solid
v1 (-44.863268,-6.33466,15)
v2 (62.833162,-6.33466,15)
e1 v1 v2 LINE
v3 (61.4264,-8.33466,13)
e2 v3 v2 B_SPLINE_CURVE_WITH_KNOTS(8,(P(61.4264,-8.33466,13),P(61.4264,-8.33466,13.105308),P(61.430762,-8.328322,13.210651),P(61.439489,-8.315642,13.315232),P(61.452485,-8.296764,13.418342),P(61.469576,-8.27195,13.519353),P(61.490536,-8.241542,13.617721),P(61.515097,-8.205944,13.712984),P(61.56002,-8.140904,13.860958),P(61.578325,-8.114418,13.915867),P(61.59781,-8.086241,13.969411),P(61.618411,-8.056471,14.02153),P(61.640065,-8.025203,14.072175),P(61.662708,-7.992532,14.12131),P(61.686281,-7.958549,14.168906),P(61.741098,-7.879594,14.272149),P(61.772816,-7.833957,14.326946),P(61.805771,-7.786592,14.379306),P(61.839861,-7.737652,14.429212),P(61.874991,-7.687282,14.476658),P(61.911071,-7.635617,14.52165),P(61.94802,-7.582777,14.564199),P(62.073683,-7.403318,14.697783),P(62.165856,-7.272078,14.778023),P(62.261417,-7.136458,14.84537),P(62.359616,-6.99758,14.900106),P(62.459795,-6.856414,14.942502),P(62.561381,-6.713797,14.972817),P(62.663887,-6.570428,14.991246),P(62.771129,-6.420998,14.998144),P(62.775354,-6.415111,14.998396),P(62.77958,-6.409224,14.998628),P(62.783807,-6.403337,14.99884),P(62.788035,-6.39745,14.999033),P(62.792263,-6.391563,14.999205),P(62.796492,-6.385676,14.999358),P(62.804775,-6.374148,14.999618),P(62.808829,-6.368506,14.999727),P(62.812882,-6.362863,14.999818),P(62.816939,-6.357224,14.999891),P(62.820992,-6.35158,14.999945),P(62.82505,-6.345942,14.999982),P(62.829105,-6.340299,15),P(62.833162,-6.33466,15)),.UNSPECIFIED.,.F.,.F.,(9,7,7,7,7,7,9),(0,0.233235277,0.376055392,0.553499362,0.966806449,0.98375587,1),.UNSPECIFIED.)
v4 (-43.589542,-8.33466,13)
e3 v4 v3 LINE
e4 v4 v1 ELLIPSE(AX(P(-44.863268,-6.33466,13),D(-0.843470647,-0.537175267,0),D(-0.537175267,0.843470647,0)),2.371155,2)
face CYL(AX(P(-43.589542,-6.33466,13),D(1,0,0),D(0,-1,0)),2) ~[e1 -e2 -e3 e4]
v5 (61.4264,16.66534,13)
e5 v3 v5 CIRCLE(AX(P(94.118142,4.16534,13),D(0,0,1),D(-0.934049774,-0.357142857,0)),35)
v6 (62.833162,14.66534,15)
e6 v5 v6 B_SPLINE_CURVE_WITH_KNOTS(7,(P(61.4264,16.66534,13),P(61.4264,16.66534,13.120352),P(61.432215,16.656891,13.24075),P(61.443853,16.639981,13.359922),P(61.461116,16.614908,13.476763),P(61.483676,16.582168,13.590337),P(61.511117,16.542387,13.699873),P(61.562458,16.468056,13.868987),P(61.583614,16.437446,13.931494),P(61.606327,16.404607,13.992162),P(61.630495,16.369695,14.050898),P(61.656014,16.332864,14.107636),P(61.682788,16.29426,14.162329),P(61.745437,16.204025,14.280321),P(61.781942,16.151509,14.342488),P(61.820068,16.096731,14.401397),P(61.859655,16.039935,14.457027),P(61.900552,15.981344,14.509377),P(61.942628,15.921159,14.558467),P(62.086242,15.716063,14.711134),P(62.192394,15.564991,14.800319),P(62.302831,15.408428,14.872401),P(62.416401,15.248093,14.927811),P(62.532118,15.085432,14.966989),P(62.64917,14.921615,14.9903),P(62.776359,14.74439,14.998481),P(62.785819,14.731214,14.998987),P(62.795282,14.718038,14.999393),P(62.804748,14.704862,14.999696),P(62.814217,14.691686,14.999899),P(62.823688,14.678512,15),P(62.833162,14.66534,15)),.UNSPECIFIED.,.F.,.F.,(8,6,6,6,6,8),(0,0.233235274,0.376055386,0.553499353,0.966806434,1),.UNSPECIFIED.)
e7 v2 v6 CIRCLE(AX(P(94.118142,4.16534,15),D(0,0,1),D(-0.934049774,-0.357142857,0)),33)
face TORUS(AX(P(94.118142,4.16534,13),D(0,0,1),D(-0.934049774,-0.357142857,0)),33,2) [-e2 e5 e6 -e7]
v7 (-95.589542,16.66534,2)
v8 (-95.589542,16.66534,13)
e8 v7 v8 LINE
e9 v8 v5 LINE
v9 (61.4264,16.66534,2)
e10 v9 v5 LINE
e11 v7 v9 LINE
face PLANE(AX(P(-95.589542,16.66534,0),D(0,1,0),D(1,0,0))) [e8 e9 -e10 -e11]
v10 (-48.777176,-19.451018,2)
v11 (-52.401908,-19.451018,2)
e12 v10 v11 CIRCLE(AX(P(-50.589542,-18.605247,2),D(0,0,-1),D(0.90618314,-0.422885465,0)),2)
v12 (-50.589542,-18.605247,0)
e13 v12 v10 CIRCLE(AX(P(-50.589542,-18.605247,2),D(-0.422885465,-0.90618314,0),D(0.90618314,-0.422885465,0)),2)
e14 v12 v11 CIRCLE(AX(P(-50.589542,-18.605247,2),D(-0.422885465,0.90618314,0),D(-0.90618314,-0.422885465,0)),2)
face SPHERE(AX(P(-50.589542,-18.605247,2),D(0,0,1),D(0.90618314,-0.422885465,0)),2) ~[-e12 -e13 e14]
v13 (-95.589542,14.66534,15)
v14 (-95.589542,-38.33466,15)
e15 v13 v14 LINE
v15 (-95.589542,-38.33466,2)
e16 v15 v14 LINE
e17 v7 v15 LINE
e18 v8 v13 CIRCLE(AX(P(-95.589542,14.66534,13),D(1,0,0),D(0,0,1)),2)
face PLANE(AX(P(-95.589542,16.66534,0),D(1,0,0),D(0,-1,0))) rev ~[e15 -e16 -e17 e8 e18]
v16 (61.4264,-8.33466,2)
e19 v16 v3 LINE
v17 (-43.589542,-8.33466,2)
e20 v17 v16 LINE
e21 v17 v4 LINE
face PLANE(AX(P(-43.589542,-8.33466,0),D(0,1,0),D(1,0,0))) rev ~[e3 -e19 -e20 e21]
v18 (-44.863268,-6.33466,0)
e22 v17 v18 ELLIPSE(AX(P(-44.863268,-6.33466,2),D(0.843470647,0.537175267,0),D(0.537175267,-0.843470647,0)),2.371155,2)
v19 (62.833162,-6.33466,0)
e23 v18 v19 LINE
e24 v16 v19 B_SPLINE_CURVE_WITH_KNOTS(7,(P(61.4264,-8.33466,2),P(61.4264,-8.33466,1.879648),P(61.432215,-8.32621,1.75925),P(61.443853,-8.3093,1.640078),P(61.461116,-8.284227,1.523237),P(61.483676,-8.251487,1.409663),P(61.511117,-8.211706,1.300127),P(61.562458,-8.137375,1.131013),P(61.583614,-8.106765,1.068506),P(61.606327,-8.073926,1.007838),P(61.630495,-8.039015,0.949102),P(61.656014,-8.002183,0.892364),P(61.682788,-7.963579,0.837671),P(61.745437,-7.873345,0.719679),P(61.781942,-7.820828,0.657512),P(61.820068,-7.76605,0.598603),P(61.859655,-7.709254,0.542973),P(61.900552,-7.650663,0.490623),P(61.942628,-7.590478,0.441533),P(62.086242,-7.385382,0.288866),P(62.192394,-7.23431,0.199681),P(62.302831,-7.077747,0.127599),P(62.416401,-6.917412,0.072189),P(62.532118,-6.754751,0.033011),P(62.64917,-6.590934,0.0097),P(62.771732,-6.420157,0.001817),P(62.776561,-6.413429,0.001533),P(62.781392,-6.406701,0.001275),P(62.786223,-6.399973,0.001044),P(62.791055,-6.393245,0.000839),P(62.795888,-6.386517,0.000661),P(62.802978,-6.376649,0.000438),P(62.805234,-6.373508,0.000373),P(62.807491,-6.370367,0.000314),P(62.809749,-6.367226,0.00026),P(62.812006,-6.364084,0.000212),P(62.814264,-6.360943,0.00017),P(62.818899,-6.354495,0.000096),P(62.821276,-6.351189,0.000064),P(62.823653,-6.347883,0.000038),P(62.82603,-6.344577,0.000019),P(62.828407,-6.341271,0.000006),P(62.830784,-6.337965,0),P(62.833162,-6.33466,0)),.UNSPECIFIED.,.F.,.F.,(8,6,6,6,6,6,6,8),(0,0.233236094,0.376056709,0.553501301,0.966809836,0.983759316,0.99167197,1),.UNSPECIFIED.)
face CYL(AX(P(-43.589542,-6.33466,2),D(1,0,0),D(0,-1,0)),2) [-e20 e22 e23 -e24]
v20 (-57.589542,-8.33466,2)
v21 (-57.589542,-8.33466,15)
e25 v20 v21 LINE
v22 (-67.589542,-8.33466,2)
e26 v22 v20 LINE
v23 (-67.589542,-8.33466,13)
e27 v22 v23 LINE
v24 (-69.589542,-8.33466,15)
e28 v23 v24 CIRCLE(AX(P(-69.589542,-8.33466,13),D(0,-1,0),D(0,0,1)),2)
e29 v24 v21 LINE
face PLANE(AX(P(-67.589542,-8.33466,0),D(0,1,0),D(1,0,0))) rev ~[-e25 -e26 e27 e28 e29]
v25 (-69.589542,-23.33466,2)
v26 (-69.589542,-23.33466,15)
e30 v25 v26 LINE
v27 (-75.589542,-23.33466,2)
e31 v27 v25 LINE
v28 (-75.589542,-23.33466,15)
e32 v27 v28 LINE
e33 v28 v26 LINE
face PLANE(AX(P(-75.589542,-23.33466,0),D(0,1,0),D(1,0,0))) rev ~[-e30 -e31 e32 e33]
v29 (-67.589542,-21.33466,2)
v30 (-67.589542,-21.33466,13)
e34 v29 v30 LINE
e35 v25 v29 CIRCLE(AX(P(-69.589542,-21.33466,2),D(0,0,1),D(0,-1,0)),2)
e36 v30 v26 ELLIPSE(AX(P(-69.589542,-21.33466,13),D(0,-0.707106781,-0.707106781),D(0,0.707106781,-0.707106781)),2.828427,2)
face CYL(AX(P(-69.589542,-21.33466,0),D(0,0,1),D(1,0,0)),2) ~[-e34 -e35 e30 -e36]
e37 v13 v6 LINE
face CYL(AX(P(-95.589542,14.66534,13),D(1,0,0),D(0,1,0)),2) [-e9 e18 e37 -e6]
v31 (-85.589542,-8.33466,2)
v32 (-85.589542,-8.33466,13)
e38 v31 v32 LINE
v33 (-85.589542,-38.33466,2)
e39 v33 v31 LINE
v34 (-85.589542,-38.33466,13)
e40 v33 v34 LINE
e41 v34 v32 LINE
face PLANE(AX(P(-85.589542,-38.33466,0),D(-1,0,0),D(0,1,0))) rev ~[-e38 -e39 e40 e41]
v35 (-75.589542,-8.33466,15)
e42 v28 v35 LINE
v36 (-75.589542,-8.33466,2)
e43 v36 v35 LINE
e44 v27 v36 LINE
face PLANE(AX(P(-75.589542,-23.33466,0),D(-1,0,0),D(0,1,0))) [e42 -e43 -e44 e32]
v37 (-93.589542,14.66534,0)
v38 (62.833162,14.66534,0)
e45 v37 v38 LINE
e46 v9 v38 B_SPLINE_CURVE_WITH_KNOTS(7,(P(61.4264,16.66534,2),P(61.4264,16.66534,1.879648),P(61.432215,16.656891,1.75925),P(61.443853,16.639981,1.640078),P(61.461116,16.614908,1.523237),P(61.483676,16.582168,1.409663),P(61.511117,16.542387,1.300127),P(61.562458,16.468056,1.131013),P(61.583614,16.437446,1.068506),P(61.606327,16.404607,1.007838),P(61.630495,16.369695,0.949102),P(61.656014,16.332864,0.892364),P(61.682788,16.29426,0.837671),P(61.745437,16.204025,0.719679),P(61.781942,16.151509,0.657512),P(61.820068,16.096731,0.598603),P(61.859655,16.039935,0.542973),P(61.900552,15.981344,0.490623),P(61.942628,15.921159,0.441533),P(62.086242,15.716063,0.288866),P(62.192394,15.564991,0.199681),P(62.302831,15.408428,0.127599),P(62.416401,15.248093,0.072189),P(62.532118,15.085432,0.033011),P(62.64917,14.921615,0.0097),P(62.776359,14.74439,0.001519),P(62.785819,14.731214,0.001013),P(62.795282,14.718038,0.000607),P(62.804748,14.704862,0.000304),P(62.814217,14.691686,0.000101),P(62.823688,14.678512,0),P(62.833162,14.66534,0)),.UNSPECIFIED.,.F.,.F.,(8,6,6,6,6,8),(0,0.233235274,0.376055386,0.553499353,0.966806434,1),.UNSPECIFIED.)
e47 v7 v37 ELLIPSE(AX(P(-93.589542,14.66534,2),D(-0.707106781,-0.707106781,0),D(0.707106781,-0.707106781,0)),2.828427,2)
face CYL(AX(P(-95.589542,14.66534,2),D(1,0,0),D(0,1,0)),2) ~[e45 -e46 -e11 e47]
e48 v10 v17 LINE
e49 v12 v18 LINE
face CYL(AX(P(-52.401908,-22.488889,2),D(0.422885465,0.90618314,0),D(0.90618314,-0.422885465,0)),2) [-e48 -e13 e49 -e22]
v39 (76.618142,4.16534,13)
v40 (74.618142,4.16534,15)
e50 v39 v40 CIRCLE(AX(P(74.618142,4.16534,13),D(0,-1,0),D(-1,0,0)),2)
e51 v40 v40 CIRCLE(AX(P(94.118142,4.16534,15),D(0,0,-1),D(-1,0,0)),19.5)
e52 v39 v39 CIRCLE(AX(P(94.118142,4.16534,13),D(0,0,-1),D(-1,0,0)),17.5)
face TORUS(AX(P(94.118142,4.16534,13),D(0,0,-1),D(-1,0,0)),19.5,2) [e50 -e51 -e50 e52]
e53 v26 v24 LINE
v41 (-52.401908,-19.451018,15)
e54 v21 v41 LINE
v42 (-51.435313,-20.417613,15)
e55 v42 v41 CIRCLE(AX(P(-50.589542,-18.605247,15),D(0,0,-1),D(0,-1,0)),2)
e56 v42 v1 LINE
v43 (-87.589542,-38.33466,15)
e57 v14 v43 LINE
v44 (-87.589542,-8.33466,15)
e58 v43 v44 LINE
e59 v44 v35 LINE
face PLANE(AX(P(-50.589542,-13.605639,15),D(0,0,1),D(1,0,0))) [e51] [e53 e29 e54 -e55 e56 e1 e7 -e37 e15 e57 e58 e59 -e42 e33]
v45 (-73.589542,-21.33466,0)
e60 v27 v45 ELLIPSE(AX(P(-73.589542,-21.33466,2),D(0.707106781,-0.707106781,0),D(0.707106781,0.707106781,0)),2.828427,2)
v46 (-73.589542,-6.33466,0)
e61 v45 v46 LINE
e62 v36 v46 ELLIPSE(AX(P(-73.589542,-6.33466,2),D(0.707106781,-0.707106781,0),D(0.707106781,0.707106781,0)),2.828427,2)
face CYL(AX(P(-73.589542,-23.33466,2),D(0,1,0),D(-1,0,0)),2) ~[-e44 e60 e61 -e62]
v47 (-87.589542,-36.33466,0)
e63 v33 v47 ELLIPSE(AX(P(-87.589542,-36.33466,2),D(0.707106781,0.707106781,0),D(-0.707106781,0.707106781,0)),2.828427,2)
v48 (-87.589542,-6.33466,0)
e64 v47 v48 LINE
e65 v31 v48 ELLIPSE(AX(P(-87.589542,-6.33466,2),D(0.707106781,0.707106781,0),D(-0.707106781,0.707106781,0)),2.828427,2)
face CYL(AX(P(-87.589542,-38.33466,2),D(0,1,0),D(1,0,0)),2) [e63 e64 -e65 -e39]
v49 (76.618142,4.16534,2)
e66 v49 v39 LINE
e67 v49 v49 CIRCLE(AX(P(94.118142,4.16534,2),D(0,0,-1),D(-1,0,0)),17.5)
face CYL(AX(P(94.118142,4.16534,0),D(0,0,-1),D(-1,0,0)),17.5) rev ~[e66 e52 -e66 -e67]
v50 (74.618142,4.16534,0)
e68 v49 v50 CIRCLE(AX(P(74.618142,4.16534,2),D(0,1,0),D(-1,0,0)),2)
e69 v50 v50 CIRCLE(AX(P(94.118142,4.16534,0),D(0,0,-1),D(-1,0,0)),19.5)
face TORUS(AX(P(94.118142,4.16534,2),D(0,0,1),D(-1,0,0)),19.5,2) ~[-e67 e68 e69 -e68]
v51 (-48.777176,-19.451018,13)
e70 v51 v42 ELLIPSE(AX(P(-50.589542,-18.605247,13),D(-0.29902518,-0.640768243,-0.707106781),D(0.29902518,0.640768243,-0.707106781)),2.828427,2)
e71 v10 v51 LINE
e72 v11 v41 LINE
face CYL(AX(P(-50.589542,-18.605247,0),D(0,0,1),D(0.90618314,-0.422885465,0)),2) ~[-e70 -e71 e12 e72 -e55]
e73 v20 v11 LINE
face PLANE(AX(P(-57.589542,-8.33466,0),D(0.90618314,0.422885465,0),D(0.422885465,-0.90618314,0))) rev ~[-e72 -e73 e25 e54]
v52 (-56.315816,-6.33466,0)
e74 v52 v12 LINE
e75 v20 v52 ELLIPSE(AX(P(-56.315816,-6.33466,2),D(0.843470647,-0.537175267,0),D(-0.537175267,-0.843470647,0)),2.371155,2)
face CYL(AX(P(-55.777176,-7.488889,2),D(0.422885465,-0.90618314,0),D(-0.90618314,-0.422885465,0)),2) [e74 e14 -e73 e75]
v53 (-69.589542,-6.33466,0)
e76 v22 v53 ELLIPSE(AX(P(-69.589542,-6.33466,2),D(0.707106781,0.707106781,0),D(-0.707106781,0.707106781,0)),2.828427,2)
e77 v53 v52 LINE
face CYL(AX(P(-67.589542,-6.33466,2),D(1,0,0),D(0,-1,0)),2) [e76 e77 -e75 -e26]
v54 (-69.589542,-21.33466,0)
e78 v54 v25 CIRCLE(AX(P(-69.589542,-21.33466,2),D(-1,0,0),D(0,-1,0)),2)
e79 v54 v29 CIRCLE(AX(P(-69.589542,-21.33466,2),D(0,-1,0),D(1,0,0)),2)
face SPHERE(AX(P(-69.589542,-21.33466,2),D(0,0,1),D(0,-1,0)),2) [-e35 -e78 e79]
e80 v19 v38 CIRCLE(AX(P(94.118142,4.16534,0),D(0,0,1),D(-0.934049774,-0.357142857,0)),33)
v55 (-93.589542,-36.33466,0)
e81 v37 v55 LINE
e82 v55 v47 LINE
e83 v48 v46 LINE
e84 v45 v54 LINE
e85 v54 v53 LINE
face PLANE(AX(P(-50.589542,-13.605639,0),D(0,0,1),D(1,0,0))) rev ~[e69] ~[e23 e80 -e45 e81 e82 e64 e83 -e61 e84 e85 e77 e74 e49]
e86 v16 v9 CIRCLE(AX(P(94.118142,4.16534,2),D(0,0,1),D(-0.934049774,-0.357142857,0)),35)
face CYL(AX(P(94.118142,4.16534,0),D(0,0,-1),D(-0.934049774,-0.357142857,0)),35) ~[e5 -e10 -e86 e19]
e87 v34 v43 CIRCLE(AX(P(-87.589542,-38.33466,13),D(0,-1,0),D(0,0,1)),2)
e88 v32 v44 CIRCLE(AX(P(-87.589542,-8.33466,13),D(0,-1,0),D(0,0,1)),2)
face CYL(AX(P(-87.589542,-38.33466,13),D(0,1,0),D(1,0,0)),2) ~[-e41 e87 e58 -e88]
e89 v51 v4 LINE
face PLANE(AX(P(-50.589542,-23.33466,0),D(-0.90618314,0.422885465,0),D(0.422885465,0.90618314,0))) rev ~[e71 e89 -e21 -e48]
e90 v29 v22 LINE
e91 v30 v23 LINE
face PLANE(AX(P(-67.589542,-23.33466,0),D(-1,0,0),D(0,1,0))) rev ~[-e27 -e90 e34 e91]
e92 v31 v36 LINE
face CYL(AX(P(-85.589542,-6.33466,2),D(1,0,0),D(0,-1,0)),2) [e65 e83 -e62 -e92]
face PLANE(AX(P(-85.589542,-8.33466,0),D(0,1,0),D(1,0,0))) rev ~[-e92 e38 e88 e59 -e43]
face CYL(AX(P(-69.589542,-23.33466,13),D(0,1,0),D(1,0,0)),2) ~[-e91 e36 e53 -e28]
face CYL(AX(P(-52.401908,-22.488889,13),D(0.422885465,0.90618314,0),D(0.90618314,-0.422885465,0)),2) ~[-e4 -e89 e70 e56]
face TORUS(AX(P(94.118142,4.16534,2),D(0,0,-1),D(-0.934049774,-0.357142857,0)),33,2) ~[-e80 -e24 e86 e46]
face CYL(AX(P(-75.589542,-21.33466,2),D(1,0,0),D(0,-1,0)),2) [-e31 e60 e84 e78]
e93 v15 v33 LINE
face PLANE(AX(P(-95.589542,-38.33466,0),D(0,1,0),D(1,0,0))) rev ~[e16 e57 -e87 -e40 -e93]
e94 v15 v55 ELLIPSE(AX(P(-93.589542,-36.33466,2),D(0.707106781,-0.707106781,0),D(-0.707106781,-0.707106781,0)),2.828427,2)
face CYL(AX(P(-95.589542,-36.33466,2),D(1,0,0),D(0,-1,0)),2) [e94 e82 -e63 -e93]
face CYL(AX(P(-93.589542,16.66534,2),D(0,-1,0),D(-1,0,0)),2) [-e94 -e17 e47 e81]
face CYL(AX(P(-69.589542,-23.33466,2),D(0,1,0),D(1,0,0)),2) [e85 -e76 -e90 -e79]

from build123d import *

# Parameters (mm, degrees)
F0_W     = 10
F0_H     = 30
F0_W_2   = 8
F0_H_2   = 15
F0_W_3   = 157.0159420669
F0_H_3   = 12.5
F1_DEPTH = 15
F2_R     = 2


with BuildPart() as f1:
    # F0 (on Top) → F1 (new body)
    with BuildSketch(Plane.XY):
        Polygon((-50.5895421207, -23.3346595988), (-43.5895421207, -8.3346595988), (-57.5895421207, -8.3346595988), align=None)
        with Locations((-90.5895421207, -23.3346595988)):
            Rectangle(F0_W, F0_H)
        with Locations((-71.5895421207, -15.8346595988)):
            Rectangle(F0_W_2, F0_H_2)
        with Locations((-17.0815710872, 10.4153404012)):
            Rectangle(F0_W_3, F0_H_3)
        Polygon((61.4263999462, 4.1653404012), (-95.5895421207, 4.1653404012), (-95.5895421207, -8.3346595988), (-85.5895421207, -8.3346595988), (-75.5895421207, -8.3346595988), (-67.5895421207, -8.3346595988), (-57.5895421207, -8.3346595988), (-43.5895421207, -8.3346595988), (61.4263999462, -8.3346595988), align=None)
        with BuildLine():
            ThreePointArc((61.4263999462, -8.3346595988), (129.1181420228, 4.1653404012), (61.4263999462, 16.6653404012))
            Line((61.4263999462, 16.6653404012), (61.4263999462, 4.1653404012))
            Line((61.4263999462, 4.1653404012), (61.4263999462, -8.3346595988))
        make_face()
        with BuildLine():
            ThreePointArc((111.6181420228, 4.1653404012), (94.1181420228, -13.3346595988), (76.6181420228, 4.1653404012))
            ThreePointArc((76.6181420228, 4.1653404012), (94.1181420228, 21.6653404012), (111.6181420228, 4.1653404012))
        make_face(mode=Mode.SUBTRACT)
    extrude(amount=F1_DEPTH)

    # F2
    f2_edges = [f1.edges().sort_by_distance(p)[0] for p in [
        (129.118142, 4.16534, 15),
        (-17.081571, 16.66534, 15),
        (-47.089542, -15.83466, 15),
        (-67.589542, -15.83466, 15),
        (-85.589542, -23.33466, 15),
        (111.618142, 4.16534, 0),
        (111.618142, 4.16534, 15),
        (129.118142, 4.16534, 0),
        (8.918429, -8.33466, 0),
        (-17.081571, 16.66534, 0),
        (-54.089542, -15.83466, 0),
        (-50.589542, -23.33466, 7.5),
        (-67.589542, -23.33466, 7.5),
        (-71.589542, -23.33466, 0),
        (-75.589542, -15.83466, 0),
        (-85.589542, -23.33466, 0),
        (-95.589542, -10.83466, 0),
        (-47.089542, -15.83466, 0),
        (-90.589542, -38.33466, 0),
        (-80.589542, -8.33466, 0),
        (-67.589542, -15.83466, 0),
        (-62.589542, -8.33466, 0),
        (8.918429, -8.33466, 15),
    ]]
    fillet(f2_edges, radius=F2_R)


solid = f1.part
